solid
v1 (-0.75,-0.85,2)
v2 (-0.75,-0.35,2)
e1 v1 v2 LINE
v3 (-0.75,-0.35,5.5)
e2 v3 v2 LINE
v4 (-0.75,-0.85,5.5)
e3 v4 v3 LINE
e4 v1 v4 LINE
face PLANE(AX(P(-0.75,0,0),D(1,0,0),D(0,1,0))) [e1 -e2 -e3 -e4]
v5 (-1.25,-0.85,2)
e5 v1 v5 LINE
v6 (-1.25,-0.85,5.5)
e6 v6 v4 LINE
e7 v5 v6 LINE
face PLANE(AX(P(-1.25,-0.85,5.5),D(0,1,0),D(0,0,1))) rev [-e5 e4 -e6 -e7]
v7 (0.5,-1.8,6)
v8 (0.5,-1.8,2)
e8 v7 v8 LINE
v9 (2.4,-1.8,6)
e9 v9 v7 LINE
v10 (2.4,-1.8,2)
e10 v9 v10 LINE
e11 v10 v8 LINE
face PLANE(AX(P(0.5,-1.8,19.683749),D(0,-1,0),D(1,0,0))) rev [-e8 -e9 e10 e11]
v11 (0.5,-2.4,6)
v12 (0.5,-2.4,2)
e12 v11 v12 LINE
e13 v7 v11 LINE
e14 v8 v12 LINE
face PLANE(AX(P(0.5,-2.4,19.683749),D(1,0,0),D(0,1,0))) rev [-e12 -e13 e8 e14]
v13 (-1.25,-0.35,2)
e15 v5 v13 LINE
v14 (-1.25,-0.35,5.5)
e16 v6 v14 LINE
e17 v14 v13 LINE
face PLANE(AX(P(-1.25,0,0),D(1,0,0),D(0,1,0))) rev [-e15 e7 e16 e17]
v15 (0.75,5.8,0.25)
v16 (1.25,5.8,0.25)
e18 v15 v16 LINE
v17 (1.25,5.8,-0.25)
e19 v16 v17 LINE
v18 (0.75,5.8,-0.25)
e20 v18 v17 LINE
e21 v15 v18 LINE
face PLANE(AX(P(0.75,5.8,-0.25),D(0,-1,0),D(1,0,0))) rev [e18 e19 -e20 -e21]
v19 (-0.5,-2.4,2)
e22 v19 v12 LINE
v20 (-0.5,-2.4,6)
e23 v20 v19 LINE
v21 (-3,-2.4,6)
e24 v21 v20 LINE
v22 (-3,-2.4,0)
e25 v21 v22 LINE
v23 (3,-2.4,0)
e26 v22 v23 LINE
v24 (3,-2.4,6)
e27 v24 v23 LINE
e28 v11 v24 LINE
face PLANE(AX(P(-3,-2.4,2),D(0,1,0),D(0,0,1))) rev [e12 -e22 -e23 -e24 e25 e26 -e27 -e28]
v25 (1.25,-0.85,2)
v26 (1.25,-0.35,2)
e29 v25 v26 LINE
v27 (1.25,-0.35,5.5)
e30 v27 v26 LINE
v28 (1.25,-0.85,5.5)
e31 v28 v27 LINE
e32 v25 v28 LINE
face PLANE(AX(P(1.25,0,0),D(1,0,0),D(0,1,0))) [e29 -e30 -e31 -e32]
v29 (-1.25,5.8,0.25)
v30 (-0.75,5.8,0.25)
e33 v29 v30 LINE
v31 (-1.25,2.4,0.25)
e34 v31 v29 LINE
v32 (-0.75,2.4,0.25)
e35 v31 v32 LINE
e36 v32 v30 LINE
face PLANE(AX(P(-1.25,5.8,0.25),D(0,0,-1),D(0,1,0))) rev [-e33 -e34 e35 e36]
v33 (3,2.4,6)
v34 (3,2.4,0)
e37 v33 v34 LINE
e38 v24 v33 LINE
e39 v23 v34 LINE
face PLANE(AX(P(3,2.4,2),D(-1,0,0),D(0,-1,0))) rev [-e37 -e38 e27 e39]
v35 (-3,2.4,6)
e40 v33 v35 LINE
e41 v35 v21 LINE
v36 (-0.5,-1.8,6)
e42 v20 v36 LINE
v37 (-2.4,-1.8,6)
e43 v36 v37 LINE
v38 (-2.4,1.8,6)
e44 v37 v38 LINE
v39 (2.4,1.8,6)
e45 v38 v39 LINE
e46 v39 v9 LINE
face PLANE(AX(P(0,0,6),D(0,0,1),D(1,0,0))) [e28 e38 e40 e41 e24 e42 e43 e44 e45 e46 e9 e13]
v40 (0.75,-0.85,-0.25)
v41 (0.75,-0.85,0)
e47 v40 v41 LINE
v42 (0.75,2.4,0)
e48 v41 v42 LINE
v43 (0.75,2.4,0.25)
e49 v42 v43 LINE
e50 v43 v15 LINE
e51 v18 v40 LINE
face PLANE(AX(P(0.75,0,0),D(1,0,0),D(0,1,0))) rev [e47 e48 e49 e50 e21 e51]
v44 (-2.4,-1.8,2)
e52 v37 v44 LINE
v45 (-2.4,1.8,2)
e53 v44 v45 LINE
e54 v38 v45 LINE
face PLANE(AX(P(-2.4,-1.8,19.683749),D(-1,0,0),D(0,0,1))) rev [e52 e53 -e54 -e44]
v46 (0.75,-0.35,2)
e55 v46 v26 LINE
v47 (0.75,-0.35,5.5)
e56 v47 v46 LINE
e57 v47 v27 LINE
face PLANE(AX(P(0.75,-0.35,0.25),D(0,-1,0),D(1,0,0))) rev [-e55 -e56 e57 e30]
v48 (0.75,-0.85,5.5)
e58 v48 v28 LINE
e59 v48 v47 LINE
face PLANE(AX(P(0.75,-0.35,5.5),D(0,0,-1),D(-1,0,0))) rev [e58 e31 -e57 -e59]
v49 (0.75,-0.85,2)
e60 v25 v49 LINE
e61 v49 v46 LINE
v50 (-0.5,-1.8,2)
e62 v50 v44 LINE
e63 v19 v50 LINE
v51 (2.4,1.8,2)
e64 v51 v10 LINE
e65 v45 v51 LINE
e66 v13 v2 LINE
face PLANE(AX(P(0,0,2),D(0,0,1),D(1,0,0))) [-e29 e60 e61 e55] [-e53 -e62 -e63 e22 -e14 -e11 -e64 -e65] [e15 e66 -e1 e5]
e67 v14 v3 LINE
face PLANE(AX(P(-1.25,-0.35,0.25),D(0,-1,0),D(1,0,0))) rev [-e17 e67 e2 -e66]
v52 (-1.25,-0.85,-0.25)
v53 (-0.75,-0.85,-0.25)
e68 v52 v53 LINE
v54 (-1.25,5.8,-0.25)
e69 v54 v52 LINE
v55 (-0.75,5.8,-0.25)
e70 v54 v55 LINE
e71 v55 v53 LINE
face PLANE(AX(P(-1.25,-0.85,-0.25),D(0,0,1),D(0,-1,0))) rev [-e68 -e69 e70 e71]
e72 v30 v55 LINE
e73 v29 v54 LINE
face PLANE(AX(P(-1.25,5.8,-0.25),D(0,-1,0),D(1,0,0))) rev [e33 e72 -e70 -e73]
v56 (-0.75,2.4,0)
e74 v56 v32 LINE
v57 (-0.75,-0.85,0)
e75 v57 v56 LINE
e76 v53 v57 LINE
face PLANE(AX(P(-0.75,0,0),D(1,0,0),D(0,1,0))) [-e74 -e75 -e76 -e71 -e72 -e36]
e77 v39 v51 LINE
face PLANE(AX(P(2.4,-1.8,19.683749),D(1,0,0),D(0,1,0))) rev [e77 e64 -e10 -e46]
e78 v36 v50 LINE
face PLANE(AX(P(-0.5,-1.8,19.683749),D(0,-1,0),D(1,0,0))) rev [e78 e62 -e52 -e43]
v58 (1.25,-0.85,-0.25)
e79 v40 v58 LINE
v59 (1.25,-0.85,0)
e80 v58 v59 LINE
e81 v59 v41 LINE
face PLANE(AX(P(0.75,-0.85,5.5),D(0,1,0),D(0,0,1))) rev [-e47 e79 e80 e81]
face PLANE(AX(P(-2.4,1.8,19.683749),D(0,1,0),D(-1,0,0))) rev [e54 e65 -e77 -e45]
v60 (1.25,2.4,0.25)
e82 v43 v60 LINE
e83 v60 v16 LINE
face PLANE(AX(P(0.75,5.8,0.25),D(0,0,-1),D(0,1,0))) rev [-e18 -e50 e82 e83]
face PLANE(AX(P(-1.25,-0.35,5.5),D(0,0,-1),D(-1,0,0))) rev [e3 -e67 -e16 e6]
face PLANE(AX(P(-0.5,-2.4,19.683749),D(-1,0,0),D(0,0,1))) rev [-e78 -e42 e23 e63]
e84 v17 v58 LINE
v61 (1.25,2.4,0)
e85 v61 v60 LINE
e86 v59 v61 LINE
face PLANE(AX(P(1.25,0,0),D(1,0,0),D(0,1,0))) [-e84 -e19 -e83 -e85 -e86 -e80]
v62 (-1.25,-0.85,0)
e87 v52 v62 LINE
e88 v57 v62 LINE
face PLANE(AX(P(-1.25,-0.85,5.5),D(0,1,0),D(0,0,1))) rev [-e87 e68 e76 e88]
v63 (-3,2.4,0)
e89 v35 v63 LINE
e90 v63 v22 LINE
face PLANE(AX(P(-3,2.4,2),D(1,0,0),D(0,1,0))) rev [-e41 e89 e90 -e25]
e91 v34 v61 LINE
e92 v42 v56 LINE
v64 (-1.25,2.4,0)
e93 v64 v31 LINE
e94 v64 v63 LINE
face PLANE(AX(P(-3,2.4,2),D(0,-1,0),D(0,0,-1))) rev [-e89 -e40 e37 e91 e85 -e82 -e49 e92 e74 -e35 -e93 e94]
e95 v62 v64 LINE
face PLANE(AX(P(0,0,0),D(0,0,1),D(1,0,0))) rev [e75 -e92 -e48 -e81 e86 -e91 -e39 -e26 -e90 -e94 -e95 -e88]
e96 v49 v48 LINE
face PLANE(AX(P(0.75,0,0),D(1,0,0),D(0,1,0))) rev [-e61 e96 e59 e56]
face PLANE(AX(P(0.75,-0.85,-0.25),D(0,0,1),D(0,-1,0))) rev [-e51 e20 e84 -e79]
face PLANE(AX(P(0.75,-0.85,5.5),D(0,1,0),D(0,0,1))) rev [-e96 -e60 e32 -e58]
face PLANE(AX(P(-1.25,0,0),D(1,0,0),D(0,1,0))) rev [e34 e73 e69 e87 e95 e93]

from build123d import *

# Parameters (mm, degrees)
SKETCH1_W           = 6
SKETCH1_H           = 4.8
BOSS_EXTRUDE1_DEPTH = 2
BOSS_EXTRUDE2_DEPTH = 4
PIN_DEPTH           = 0.25
LPATTERN1_COUNT     = 2
LPATTERN1_PITCH     = 2


with BuildPart() as part:
    # Sketch1 → Boss-Extrude1 (new body)
    with BuildSketch(Plane.XY):
        Rectangle(SKETCH1_W, SKETCH1_H)
    extrude(amount=BOSS_EXTRUDE1_DEPTH)

    # Sketch2 → Boss-Extrude2 (add)
    with BuildSketch(Plane.XY.offset(2)):
        Polygon((-0.5, -2.4), (-0.5, -1.8), (-2.4, -1.8), (-2.4, 1.8), (2.4, 1.8), (2.4, -1.8), (0.5, -1.8), (0.5, -2.4), (3, -2.4), (3, 2.4), (-3, 2.4), (-3, -2.4), align=None)
    extrude(amount=BOSS_EXTRUDE2_DEPTH)

    # Sketch3 → Pin (add, symmetric)
    with BuildSketch(Plane.ZY.offset(1)):
        Polygon((0.25, 5.8), (0.25, -0.35), (5.5, -0.35), (5.5, -0.85), (-0.25, -0.85), (-0.25, 5.8), align=None)
    pin = extrude(amount=PIN_DEPTH, both=True)

    # LPattern1: Pin ×2
    with Locations(*[(i * LPATTERN1_PITCH, 0, 0) for i in range(1, LPATTERN1_COUNT)]):
        add(pin)


solid = part.part
